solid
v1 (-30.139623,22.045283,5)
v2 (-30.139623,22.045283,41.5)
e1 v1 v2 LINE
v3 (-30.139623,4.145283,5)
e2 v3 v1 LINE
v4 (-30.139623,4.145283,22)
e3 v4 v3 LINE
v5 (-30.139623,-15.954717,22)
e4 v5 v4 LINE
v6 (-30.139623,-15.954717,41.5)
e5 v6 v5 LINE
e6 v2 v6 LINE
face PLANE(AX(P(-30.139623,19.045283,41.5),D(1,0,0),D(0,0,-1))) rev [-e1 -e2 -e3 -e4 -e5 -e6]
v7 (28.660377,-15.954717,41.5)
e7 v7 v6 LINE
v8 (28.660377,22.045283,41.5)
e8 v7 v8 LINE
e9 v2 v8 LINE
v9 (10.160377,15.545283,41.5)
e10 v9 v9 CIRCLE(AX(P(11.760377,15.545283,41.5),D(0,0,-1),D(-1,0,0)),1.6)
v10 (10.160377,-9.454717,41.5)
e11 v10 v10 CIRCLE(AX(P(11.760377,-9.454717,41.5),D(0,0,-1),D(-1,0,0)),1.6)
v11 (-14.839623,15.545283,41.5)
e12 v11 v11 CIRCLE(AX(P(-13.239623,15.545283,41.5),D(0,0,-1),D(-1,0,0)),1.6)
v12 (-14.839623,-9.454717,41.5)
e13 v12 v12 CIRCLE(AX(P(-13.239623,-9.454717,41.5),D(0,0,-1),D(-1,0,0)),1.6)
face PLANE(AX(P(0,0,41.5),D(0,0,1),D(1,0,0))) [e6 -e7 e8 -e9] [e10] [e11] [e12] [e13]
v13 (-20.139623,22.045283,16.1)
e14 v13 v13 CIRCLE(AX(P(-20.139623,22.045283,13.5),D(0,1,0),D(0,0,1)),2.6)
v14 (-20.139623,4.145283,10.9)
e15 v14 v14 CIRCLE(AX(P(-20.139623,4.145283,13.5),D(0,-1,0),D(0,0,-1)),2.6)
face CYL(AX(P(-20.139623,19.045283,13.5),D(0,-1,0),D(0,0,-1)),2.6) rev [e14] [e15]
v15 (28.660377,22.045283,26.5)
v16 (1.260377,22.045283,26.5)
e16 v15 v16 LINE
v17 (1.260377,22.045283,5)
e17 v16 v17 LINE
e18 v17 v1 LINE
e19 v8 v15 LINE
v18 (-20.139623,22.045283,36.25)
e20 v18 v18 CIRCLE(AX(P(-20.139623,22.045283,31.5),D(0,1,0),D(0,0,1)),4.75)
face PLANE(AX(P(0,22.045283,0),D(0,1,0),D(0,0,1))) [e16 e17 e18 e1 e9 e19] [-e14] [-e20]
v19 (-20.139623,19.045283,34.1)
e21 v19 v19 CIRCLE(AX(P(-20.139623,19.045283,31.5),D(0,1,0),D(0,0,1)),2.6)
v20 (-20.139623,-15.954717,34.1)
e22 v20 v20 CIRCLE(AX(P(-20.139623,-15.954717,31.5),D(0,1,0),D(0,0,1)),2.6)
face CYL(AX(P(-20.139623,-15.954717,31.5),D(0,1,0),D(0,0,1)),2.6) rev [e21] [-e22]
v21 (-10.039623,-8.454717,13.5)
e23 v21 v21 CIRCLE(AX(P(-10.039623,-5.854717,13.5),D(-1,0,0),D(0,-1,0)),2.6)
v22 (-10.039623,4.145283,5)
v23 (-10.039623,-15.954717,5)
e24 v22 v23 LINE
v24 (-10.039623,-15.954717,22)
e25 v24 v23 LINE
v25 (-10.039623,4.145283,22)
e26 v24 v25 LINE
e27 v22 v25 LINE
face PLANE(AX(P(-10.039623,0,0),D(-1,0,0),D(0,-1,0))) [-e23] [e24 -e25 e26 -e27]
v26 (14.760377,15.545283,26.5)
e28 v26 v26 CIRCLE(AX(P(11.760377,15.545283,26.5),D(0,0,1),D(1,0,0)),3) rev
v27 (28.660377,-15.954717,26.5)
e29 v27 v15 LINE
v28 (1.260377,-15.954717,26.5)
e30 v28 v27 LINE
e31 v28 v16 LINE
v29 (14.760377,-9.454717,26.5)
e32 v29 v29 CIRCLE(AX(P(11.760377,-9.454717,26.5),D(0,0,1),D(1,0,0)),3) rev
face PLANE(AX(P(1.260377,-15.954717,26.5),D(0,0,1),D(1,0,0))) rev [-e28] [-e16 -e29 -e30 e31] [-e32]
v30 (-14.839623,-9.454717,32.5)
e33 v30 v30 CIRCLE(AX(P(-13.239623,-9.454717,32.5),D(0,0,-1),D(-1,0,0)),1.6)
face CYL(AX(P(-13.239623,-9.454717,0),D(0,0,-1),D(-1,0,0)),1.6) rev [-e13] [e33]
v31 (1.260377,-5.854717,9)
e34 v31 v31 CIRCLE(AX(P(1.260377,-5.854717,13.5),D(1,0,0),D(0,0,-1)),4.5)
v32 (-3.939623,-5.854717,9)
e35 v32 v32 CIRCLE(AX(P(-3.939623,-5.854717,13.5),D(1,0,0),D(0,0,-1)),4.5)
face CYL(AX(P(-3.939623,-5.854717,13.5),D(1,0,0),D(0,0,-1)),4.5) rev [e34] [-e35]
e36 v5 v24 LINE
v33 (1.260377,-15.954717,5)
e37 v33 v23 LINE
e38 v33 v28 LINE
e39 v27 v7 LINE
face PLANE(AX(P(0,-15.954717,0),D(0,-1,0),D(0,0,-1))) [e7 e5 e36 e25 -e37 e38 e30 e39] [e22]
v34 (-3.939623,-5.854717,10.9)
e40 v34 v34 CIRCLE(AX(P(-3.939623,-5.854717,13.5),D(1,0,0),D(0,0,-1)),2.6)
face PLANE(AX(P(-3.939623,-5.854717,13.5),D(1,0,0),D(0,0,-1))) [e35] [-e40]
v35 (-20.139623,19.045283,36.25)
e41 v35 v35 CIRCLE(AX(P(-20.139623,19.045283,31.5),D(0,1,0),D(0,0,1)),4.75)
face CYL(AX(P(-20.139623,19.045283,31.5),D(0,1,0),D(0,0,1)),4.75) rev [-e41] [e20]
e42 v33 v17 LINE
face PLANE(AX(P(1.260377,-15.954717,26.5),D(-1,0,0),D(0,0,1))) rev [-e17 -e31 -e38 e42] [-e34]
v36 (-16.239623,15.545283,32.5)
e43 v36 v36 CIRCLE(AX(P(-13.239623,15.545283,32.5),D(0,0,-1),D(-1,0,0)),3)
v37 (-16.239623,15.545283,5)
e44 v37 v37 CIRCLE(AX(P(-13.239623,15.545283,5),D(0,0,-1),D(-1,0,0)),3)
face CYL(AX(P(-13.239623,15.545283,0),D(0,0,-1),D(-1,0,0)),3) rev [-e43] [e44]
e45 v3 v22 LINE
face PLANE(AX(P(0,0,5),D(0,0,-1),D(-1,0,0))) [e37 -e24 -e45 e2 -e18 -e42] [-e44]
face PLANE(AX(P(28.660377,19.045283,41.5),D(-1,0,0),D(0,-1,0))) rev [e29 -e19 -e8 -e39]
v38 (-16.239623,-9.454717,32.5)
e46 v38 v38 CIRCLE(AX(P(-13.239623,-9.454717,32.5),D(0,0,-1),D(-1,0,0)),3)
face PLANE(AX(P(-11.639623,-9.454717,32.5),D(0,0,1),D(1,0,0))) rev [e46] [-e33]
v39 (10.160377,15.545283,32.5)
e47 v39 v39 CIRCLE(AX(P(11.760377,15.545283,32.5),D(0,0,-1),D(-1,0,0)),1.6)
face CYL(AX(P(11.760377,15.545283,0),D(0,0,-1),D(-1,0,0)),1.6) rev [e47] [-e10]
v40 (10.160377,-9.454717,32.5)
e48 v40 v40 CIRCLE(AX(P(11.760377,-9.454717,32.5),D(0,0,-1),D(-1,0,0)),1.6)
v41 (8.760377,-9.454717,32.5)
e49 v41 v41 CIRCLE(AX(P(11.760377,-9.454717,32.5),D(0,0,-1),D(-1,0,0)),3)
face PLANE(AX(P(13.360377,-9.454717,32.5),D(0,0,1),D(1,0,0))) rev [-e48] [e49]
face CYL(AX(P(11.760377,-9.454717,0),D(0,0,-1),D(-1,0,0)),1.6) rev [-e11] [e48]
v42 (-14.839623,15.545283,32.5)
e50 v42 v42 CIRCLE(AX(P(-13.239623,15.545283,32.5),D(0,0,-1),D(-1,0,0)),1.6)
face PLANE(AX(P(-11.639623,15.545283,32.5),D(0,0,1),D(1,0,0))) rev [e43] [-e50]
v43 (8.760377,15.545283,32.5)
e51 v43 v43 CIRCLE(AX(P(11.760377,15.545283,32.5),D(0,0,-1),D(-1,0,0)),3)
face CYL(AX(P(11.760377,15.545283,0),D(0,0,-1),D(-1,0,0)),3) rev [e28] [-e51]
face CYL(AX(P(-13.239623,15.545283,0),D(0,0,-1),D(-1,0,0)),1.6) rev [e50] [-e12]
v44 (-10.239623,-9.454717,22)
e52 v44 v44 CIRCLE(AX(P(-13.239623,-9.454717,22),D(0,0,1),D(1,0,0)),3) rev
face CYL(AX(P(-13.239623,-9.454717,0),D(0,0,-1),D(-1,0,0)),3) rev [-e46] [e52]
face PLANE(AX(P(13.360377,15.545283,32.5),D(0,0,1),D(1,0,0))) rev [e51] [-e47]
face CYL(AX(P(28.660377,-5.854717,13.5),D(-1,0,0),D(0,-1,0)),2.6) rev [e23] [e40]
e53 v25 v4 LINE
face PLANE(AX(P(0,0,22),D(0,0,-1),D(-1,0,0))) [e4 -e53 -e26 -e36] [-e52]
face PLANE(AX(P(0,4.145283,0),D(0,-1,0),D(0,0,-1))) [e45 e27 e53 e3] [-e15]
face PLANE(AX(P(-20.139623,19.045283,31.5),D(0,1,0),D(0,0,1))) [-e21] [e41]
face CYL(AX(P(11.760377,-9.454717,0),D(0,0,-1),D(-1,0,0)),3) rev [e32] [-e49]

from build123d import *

# Parameters (mm, degrees)
SKETCH_1_W                = 58.8
SKETCH_1_H                = 32
EXTRUDE_1_DEPTH           = 41.5
HOLE_WIZARD_1_D           = 3.2
HOLE_WIZARD_1_CBORE_D     = 6
HOLE_WIZARD_1_CBORE_DEPTH = 32.5
SKETCH_8_R                = 2.6
CUT_EXTRUDE_6_DEPTH       = 33.5
SKETCH_10_W               = 58.8
SKETCH_10_H               = 41.5
EXTRUDE_2_DEPTH           = 3
SKETCH_18_R               = 2.6
CUT_EXTRUDE_14_DEPTH      = 4
SKETCH_19_W               = 20
SKETCH_19_H               = 20
SKETCH_19_R               = 3
CUT_EXTRUDE_15_DEPTH      = 22
SKETCH_20_R               = 3
CUT_EXTRUDE_16_DEPTH      = 5
CUT_EXTRUDE_17_DEPTH      = 6
SKETCH_22_W               = 27.4
SKETCH_22_H               = 21.5
CUT_EXTRUDE_18_DEPTH      = 36
SKETCH_23_R               = 2.6
CUT_EXTRUDE_19_DEPTH      = 16
CUT_EXTRUDE_20_DEPTH      = 6
SKETCH_25_W               = 20
SKETCH_25_H               = 17
SKETCH_25_R               = 2.6
CUT_EXTRUDE_21_DEPTH      = 0.1
SKETCH_27_W               = 17
SKETCH_27_H               = 20.1
CUT_EXTRUDE_22_DEPTH      = 0.1
SKETCH_28_R               = 2.6
CUT_EXTRUDE_23_DEPTH      = 39.7
SKETCH_29_R               = 4.5
SKETCH_29_R_2             = 2.6
CUT_EXTRUDE_24_DEPTH      = 5
SKETCH_30_R               = 2.6
CUT_EXTRUDE_25_DEPTH      = 36.0000001
SKETCH_31_R               = 2.6
EXTRUDE_3_DEPTH           = 35
SKETCH_32_W               = 20.1
SKETCH_32_H               = 17
SKETCH_32_R               = 2.6
CUT_EXTRUDE_26_DEPTH      = 7
SKETCH_33_W               = 20.1
SKETCH_33_H               = 7
SKETCH_33_R               = 3
EXTRUDE_4_DEPTH           = 17
SKETCH_34_R               = 4.5
EXTRUDE_5_DEPTH           = 5
SKETCH_35_R               = 2.6
EXTRUDE_6_DEPTH           = 6.3
SKETCH_39_R               = 2.6
CUT_EXTRUDE_29_DEPTH      = 8
SKETCH_40_W               = 20.1
SKETCH_40_H               = 17
SKETCH_40_R               = 2.6
EXTRUDE_7_DEPTH           = 7.9
SKETCH_41_W               = 20.1
SKETCH_41_H               = 17
CUT_EXTRUDE_30_DEPTH      = 7.9
SKETCH_42_R               = 2.6
CUT_EXTRUDE_31_DEPTH      = 39.7
SKETCH_43_R               = 4.5
SKETCH_43_R_2             = 2.6
CUT_EXTRUDE_32_DEPTH      = 5.2
SKETCH_44_R               = 2.6
EXTRUDE_8_DEPTH           = 3
SKETCH_46_R               = 4.75
SKETCH_46_R_2             = 2.6
CUT_EXTRUDE_33_DEPTH      = 3


with BuildPart() as part:
    # 草图1 → 凸台-拉伸1 (new body)
    with BuildSketch(Plane.XY):
        with Locations((-0.739622642, 3.045283019)):
            Rectangle(SKETCH_1_W, SKETCH_1_H)
    extrude(amount=EXTRUDE_1_DEPTH)

    # 孔1 (through all)
    with Locations(Plane(origin=(11.760377358, 15.545283019, 0), x_dir=(-1, 0, 0), z_dir=(0, 0, -1))):
        with Locations((0, 0), (25, 0), (25, -25), (0, -25)):
            CounterBoreHole(HOLE_WIZARD_1_D / 2, HOLE_WIZARD_1_CBORE_D / 2, HOLE_WIZARD_1_CBORE_DEPTH)

    # 草图8 → 切除-拉伸6 (cut)
    with BuildSketch(Plane(origin=(0, 19.045283019, 0), x_dir=(1, 0, 0), z_dir=(0, 1, 0))):
        with Locations((-0.739622642, -31.5)):
            Circle(SKETCH_8_R)
    extrude(amount=-CUT_EXTRUDE_6_DEPTH, mode=Mode.SUBTRACT)

    # 草图10 → 凸台-拉伸2 (add)
    with BuildSketch(Plane.XZ.offset(12.954716981)):
        with Locations((-0.739622642, 20.75)):
            Rectangle(SKETCH_10_W, SKETCH_10_H)
    extrude(amount=EXTRUDE_2_DEPTH)

    # 草图18 → 切除-拉伸14 (cut, through all)
    with BuildSketch(Plane(origin=(0, -12.954716981, 0), x_dir=(1, 0, 0), z_dir=(0, 1, 0))):
        with Locations((-0.739622642, -31.5)):
            Circle(SKETCH_18_R)
    extrude(amount=-CUT_EXTRUDE_14_DEPTH, mode=Mode.SUBTRACT)

    # 草图19 → 切除-拉伸15 (cut)
    with BuildSketch(Plane(origin=(0, 0, 0), x_dir=(-1, 0, 0), z_dir=(0, 0, -1))):
        with Locations((20.139622642, 9.045283019)):
            Rectangle(SKETCH_19_W, SKETCH_19_H)
        with Locations((13.239622642, 15.545283019)):
            Circle(SKETCH_19_R, mode=Mode.SUBTRACT)
    extrude(amount=-CUT_EXTRUDE_15_DEPTH, mode=Mode.SUBTRACT)

    # 草图20 → 切除-拉伸16 (cut)
    with BuildSketch(Plane(origin=(0, 0, 0), x_dir=(-1, 0, 0), z_dir=(0, 0, -1))):
        Polygon((30.139622642, -15.954716981), (30.139622642, -0.954716981), (10.139622642, -0.954716981), (10.139622642, 19.045283019), (-28.660377358, 19.045283019), (-28.660377358, -15.954716981), align=None)
        with Locations((13.239622642, -9.454716981)):
            Circle(SKETCH_20_R, mode=Mode.SUBTRACT)
        with Locations((-11.760377358, -9.454716981)):
            Circle(SKETCH_20_R, mode=Mode.SUBTRACT)
        with Locations((-11.760377358, 15.545283019)):
            Circle(SKETCH_20_R, mode=Mode.SUBTRACT)
    extrude(amount=-CUT_EXTRUDE_16_DEPTH, mode=Mode.SUBTRACT)

    # 草图21 → 切除-拉伸17 (cut)
    with BuildSketch(Plane.XZ.offset(15.954716981)):
        Polygon((-30.139622642, 19.214629022), (-17.064744213, 5), (-30.139622642, 5), align=None)
    extrude(amount=-CUT_EXTRUDE_17_DEPTH, mode=Mode.SUBTRACT)

    # 草图22 → 切除-拉伸18 (cut, through all)
    with BuildSketch(Plane(origin=(0, 19.045283019, 0), x_dir=(1, 0, 0), z_dir=(0, 1, 0))):
        with Locations((14.960377358, -15.75)):
            Rectangle(SKETCH_22_W, SKETCH_22_H)
    extrude(amount=-CUT_EXTRUDE_18_DEPTH, mode=Mode.SUBTRACT)

    # 草图23 → 切除-拉伸19 (cut, through all)
    with BuildSketch(Plane(origin=(0, -0.954716981, 0), x_dir=(1, 0, 0), z_dir=(0, 1, 0))):
        with Locations((-20.139622642, -13.5)):
            Circle(SKETCH_23_R)
    extrude(amount=-CUT_EXTRUDE_19_DEPTH, mode=Mode.SUBTRACT)

    # 草图24 → 切除-拉伸20 (cut)
    with BuildSketch(Plane(origin=(0, -15.954716981, 0), x_dir=(-1, 0, 0), z_dir=(0, -1, 0))):
        with BuildLine():
            ThreePointArc((20.787086214, -9.046822379), (16.827633547, -16.546428767), (24.631280369, -13.22611889))
            Line((24.631280369, -13.22611889), (20.787086214, -9.046822379))
        make_face()
        with BuildLine():
            ThreePointArc((20.139622642, -16.1), (18.30114501, -11.661522369), (22.739622642, -13.5))
            ThreePointArc((22.739622642, -13.5), (21.978100273, -15.338477631), (20.139622642, -16.1))
        make_face(mode=Mode.SUBTRACT)
    extrude(amount=-CUT_EXTRUDE_20_DEPTH, mode=Mode.SUBTRACT)

    # 草图25 → 切除-拉伸21 (cut)
    with BuildSketch(Plane(origin=(0, -0.954716981, 0), x_dir=(1, 0, 0), z_dir=(0, 1, 0))):
        with Locations((-20.139622642, -13.5)):
            Rectangle(SKETCH_25_W, SKETCH_25_H)
        with Locations((-20.139622642, -13.5)):
            Circle(SKETCH_25_R, mode=Mode.SUBTRACT)
    extrude(amount=-CUT_EXTRUDE_21_DEPTH, mode=Mode.SUBTRACT)

    # 草图27 → 切除-拉伸22 (cut)
    with BuildSketch(Plane.ZY.offset(10.139622642)):
        with Locations((13.5, 8.995283019)):
            Rectangle(SKETCH_27_W, SKETCH_27_H)
    extrude(amount=-CUT_EXTRUDE_22_DEPTH, mode=Mode.SUBTRACT)

    # 草图28 → 切除-拉伸23 (cut, through all)
    with BuildSketch(Plane.ZY.offset(10.039622642)):
        with Locations((13.5, 8.995283019)):
            Circle(SKETCH_28_R)
    extrude(amount=-CUT_EXTRUDE_23_DEPTH, mode=Mode.SUBTRACT)

    # 草图29 → 切除-拉伸24 (cut)
    with BuildSketch(Plane(origin=(1.260377358, 0, 0), x_dir=(0, 0, -1), z_dir=(1, 0, 0))):
        with Locations((-13.5, 8.995283019)):
            Circle(SKETCH_29_R)
        with Locations((-13.5, 8.995283019)):
            Circle(SKETCH_29_R_2, mode=Mode.SUBTRACT)
    extrude(amount=-CUT_EXTRUDE_24_DEPTH, mode=Mode.SUBTRACT)

    # 草图30 → 切除-拉伸25 (cut, through all)
    with BuildSketch(Plane(origin=(0, 19.045283019, 0), x_dir=(1, 0, 0), z_dir=(0, 1, 0))):
        with Locations((-20.139622642, -31.5)):
            Circle(SKETCH_30_R)
    extrude(amount=-CUT_EXTRUDE_25_DEPTH, mode=Mode.SUBTRACT)

    # 草图31 → 凸台-拉伸3 (add, through all)
    with BuildSketch(Plane(origin=(0, 19.045283019, 0), x_dir=(1, 0, 0), z_dir=(0, 1, 0))):
        with Locations((-0.739622642, -31.5)):
            Circle(SKETCH_31_R)
    extrude(amount=-EXTRUDE_3_DEPTH)

    # 草图32 → 切除-拉伸26 (cut)
    with BuildSketch(Plane(origin=(0, -1.054716981, 0), x_dir=(1, 0, 0), z_dir=(0, 1, 0))):
        with Locations((-20.089622642, -13.5)):
            Rectangle(SKETCH_32_W, SKETCH_32_H)
        with Locations((-20.139622642, -13.5)):
            Circle(SKETCH_32_R, mode=Mode.SUBTRACT)
    extrude(amount=-CUT_EXTRUDE_26_DEPTH, mode=Mode.SUBTRACT)

    # 草图33 → 凸台-拉伸4 (add)
    with BuildSketch(Plane(origin=(0, 0, 22), x_dir=(-1, 0, 0), z_dir=(0, 0, -1))):
        with Locations((20.089622642, 15.545283019)):
            Rectangle(SKETCH_33_W, SKETCH_33_H)
        with Locations((13.239622642, 15.545283019)):
            Circle(SKETCH_33_R, mode=Mode.SUBTRACT)
    extrude(amount=EXTRUDE_4_DEPTH)

    # 草图34 → 凸台-拉伸5 (add)
    with BuildSketch(Plane(origin=(-3.739622642, 0, 0), x_dir=(0, 0, -1), z_dir=(1, 0, 0))):
        with Locations((-13.5, 8.995283019)):
            Circle(SKETCH_34_R)
    extrude(amount=EXTRUDE_5_DEPTH)

    # 草图35 → 凸台-拉伸6 (add)
    with BuildSketch(Plane.ZY.offset(3.739622642)):
        with Locations((13.5, 8.995283019)):
            Circle(SKETCH_35_R)
    extrude(amount=EXTRUDE_6_DEPTH)

    # 草图39 → 切除-拉伸29 (cut, through all)
    with BuildSketch(Plane.XZ.offset(-12.045283019)):
        with Locations((-20.139622642, 13.5)):
            Circle(SKETCH_39_R)
    extrude(amount=-CUT_EXTRUDE_29_DEPTH, mode=Mode.SUBTRACT)

    # 草图40 → 凸台-拉伸7 (add)
    with BuildSketch(Plane.XZ.offset(-12.045283019)):
        with Locations((-20.089622642, 13.5)):
            Rectangle(SKETCH_40_W, SKETCH_40_H)
        with Locations((-20.139622642, 13.5)):
            Circle(SKETCH_40_R, mode=Mode.SUBTRACT)
    extrude(amount=EXTRUDE_7_DEPTH)

    # 草图41 → 切除-拉伸30 (cut)
    with BuildSketch(Plane(origin=(0, -8.054716981, 0), x_dir=(1, 0, 0), z_dir=(0, 1, 0))):
        with Locations((-20.089622642, -13.5)):
            Rectangle(SKETCH_41_W, SKETCH_41_H)
    extrude(amount=-CUT_EXTRUDE_30_DEPTH, mode=Mode.SUBTRACT)

    # 草图42 → 切除-拉伸31 (cut, through all)
    with BuildSketch(Plane.ZY.offset(10.039622642)):
        with Locations((13.5, -5.854716981)):
            Circle(SKETCH_42_R)
    extrude(amount=-CUT_EXTRUDE_31_DEPTH, mode=Mode.SUBTRACT)

    # 草图43 → 切除-拉伸32 (cut)
    with BuildSketch(Plane(origin=(1.260377358, 0, 0), x_dir=(0, 0, -1), z_dir=(1, 0, 0))):
        with Locations((-13.5, -5.854716981)):
            Circle(SKETCH_43_R)
        with Locations((-13.5, -5.854716981)):
            Circle(SKETCH_43_R_2, mode=Mode.SUBTRACT)
    extrude(amount=-CUT_EXTRUDE_32_DEPTH, mode=Mode.SUBTRACT)

    # 草图44 → 凸台-拉伸8 (add)
    with BuildSketch(Plane(origin=(0, 19.045283019, 0), x_dir=(1, 0, 0), z_dir=(0, 1, 0))):
        Polygon((1.260377358, -5), (-30.139622642, -5), (-30.139622642, -41.5), (28.660377358, -41.5), (28.660377358, -26.5), (1.260377358, -26.5), align=None)
        with Locations((-20.139622642, -13.5)):
            Circle(SKETCH_44_R, mode=Mode.SUBTRACT)
        with Locations((-20.139622642, -31.5)):
            Circle(SKETCH_44_R, mode=Mode.SUBTRACT)
    extrude(amount=EXTRUDE_8_DEPTH)

    # 草图46 → 切除-拉伸33 (cut)
    with BuildSketch(Plane(origin=(0, 22.045283019, 0), x_dir=(1, 0, 0), z_dir=(0, 1, 0))):
        with Locations((-20.139622642, -31.5)):
            Circle(SKETCH_46_R)
        with Locations((-20.139622642, -31.5)):
            Circle(SKETCH_46_R_2, mode=Mode.SUBTRACT)
    extrude(amount=-CUT_EXTRUDE_33_DEPTH, mode=Mode.SUBTRACT)


solid = part.part
